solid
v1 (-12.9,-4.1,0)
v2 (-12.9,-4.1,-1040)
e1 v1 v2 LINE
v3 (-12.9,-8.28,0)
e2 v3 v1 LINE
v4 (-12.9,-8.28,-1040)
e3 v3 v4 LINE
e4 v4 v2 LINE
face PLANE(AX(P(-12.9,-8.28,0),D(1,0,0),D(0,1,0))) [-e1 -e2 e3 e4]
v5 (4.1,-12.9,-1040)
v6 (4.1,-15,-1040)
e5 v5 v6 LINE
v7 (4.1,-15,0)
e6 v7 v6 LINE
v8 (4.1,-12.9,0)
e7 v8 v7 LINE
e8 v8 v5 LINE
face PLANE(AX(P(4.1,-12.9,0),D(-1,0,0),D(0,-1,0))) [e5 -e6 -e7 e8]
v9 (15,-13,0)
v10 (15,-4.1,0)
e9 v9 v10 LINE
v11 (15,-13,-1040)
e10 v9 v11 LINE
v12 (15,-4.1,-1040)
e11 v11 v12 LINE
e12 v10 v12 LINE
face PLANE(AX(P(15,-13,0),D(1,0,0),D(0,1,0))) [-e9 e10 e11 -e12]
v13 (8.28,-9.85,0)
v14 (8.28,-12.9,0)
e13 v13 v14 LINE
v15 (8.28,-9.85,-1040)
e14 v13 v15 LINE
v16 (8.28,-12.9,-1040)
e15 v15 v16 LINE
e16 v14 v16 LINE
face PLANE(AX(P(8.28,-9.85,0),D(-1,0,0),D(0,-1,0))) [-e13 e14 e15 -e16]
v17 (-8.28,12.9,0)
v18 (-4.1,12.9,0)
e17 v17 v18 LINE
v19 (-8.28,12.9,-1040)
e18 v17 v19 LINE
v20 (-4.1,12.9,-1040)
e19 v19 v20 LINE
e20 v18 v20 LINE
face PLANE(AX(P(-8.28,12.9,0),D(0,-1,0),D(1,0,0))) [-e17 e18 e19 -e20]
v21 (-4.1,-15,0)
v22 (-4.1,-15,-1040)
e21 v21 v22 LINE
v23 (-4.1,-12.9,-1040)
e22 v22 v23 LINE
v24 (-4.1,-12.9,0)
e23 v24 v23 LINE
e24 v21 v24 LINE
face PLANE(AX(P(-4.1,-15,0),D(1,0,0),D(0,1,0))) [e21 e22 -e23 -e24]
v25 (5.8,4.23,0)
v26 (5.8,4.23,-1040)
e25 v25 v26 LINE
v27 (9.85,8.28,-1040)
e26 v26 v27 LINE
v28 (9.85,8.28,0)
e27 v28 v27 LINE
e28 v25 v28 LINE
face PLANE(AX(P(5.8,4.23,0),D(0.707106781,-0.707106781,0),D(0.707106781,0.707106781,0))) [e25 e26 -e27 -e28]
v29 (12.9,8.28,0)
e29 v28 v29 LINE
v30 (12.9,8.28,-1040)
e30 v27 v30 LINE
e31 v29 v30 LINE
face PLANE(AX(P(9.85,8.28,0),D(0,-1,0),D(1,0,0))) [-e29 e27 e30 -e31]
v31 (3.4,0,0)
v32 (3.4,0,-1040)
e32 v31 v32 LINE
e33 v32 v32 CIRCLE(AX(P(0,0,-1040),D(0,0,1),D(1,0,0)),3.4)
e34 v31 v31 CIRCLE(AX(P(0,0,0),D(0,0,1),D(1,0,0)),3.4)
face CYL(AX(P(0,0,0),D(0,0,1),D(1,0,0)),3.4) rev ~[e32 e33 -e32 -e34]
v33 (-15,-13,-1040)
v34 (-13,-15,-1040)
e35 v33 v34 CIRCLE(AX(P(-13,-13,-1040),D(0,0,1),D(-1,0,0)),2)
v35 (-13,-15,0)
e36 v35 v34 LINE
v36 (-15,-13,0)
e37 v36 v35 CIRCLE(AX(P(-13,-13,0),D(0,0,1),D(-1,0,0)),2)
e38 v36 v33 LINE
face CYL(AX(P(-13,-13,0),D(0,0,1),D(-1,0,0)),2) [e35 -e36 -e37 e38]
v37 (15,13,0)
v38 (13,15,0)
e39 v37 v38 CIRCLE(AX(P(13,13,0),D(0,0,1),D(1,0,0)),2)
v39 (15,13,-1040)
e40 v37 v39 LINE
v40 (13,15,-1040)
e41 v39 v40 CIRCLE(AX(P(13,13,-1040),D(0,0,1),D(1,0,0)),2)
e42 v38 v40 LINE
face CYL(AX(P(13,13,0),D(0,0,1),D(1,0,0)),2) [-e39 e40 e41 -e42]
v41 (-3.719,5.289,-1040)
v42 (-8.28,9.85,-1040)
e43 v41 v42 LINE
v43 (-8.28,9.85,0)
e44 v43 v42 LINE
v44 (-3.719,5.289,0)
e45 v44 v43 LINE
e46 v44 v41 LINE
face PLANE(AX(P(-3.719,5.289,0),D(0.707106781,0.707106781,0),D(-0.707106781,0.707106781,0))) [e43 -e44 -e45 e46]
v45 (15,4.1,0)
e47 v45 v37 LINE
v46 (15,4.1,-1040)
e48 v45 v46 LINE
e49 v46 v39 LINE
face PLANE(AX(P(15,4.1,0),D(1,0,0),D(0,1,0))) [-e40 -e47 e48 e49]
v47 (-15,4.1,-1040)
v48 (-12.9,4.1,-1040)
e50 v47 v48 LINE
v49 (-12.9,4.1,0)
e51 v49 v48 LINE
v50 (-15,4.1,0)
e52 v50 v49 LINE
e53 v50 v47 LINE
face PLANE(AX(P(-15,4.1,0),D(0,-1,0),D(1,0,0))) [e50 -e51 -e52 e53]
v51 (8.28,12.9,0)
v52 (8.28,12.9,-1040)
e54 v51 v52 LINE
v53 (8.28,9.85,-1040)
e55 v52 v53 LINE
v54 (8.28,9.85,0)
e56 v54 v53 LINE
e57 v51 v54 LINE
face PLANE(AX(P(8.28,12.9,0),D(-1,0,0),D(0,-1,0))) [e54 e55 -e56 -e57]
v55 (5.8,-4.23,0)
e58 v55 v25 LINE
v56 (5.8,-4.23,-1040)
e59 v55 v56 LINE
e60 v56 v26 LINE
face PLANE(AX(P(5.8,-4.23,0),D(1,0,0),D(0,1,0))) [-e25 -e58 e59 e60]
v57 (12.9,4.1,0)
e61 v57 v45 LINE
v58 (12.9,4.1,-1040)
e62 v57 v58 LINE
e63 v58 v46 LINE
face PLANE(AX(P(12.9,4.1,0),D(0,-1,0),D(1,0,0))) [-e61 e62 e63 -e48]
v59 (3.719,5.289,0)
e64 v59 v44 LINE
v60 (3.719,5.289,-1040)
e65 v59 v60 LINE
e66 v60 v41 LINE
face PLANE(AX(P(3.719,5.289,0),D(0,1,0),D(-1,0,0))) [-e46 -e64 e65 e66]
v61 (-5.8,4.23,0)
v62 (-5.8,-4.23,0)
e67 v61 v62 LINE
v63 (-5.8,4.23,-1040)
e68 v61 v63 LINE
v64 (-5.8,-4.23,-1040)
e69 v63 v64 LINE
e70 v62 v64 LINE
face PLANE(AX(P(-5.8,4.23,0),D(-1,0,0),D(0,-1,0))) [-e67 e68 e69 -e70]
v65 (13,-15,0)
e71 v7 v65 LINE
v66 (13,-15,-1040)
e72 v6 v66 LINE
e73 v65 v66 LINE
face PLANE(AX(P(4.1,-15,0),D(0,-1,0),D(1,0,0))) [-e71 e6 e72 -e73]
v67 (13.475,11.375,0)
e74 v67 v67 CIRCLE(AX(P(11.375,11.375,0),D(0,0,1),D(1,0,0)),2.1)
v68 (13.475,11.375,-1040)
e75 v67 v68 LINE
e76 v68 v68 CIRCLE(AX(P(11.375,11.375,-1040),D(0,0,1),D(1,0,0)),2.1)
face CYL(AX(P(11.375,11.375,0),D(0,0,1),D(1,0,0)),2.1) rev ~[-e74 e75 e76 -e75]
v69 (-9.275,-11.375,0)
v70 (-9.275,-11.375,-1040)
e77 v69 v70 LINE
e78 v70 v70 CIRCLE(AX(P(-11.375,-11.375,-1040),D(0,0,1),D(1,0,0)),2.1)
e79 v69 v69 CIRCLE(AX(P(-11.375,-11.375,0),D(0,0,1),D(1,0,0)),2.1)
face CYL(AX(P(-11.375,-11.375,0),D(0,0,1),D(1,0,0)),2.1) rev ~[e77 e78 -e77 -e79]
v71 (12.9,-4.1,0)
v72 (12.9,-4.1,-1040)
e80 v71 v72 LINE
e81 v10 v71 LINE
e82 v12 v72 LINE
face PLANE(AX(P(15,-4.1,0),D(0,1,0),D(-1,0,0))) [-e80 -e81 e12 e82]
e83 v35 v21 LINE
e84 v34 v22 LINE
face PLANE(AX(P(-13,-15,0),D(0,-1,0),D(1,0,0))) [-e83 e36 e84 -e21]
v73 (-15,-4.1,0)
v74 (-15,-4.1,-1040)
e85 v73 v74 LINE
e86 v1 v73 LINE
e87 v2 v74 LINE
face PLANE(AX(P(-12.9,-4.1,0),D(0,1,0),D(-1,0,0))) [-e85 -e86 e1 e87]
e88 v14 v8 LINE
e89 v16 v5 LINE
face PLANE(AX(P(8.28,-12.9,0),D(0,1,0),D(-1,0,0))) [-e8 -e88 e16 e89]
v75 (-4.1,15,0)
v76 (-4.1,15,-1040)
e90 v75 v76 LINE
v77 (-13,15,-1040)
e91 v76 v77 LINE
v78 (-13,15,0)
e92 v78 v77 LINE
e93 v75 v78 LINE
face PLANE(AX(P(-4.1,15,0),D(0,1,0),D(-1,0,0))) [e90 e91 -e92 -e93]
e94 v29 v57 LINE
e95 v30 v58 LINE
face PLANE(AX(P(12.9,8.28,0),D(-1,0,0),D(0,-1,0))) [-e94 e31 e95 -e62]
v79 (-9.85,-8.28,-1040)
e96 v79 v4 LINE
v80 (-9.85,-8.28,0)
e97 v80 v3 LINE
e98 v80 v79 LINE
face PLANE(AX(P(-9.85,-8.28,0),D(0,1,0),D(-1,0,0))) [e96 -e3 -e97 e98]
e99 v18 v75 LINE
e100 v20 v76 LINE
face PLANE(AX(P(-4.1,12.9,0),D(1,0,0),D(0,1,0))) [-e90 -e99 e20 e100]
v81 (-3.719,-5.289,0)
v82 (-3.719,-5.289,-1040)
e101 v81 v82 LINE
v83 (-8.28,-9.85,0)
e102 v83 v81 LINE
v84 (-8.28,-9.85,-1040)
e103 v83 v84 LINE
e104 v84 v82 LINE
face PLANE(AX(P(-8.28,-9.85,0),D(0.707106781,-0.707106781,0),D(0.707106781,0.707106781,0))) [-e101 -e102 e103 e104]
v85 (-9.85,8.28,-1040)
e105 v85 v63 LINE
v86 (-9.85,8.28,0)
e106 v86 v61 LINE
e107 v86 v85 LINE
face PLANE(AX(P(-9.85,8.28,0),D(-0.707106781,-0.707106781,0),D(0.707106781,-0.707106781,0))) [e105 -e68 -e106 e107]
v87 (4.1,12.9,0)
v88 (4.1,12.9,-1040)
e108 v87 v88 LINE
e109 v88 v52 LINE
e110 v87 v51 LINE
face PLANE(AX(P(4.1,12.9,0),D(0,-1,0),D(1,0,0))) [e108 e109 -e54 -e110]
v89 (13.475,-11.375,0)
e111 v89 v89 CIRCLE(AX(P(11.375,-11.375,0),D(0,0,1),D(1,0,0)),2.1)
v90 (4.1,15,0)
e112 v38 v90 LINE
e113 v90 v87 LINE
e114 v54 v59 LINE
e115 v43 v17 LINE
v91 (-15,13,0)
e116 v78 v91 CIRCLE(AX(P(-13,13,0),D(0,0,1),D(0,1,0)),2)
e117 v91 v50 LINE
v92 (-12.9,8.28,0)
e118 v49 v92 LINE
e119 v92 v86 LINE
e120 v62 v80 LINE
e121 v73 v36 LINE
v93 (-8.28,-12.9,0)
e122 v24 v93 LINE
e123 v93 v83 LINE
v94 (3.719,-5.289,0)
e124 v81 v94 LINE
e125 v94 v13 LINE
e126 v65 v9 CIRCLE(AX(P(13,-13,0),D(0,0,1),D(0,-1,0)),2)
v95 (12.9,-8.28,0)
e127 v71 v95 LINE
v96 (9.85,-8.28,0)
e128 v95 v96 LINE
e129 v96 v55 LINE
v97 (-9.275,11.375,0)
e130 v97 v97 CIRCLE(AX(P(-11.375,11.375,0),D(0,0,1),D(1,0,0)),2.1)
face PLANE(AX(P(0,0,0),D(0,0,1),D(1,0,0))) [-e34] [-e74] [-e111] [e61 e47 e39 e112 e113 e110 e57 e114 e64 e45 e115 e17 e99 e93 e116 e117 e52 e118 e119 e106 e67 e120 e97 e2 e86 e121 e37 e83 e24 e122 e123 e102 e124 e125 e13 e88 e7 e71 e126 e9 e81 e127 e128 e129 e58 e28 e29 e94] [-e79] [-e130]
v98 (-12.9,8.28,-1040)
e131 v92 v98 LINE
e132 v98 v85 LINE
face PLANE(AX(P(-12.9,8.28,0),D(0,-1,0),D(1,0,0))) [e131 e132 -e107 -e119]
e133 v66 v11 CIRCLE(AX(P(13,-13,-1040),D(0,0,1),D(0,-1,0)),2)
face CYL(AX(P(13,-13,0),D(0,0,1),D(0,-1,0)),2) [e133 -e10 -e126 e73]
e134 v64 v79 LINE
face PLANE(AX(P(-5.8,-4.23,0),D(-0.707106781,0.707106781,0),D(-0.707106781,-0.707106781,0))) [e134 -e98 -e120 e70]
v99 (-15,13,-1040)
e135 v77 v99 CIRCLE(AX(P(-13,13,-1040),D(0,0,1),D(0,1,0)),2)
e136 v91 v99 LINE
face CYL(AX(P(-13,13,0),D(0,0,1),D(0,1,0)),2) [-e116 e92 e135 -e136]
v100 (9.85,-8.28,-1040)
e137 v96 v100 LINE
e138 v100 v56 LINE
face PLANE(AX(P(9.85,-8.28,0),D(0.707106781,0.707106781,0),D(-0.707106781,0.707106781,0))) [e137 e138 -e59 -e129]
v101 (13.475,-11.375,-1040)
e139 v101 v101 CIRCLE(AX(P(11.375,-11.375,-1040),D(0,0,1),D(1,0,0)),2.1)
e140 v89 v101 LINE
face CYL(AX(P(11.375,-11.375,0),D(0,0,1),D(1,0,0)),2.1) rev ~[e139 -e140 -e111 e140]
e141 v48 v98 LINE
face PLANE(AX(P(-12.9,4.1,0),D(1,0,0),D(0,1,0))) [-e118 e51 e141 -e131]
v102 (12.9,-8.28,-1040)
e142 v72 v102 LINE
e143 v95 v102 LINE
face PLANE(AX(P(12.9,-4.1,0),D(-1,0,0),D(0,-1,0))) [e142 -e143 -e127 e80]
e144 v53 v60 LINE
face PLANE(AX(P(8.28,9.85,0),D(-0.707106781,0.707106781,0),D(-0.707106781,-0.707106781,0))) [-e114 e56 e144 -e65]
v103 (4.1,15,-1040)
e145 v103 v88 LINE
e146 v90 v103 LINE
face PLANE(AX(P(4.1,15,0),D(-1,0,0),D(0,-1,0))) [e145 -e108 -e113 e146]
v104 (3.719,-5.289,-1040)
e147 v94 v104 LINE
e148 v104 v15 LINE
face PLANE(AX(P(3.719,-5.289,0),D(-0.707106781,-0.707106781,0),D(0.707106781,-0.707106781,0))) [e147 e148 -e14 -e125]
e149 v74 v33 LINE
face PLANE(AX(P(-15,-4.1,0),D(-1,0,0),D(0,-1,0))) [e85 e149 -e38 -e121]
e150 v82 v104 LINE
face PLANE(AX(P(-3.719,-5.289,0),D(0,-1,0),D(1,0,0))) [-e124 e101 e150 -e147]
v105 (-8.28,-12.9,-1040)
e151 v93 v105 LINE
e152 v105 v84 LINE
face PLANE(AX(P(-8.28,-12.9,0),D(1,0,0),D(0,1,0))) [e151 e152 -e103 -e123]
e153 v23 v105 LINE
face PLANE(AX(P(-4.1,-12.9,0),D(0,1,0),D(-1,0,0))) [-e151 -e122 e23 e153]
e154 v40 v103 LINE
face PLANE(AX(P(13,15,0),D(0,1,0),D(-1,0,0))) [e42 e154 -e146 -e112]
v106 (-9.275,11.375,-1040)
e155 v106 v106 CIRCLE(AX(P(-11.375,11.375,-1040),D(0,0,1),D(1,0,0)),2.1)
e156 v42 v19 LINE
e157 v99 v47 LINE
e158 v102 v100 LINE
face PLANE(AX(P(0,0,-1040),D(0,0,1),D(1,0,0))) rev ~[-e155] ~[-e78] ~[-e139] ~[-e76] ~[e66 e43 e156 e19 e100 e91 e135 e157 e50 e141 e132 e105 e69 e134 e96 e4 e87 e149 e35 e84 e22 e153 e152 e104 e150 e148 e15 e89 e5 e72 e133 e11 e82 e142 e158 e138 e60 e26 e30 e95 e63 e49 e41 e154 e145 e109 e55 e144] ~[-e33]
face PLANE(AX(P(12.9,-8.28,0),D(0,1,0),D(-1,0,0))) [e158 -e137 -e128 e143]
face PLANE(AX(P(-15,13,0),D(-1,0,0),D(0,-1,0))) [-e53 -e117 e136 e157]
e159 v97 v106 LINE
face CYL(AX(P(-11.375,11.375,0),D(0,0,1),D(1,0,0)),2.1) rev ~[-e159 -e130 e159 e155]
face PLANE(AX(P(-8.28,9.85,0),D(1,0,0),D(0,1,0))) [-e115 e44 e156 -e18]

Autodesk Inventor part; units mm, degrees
ref_plane "YZ Plane" through (0, 0, 0) normal (1, 0, 0) x (0, 1, 0)
ref_plane "XZ Plane" through (0, 0, 0) normal (0, 1, 0) x (-1, 0, 0)
ref_plane "XY Plane" through (0, 0, 0) normal (0, 0, 1) x (1, 0, 0)
sketch "Sketch1" plane through (0, 0, 0) normal (0, 0, 1) x (1, 0, 0)
  circle A0 centre (-11.375, 11.375) radius 2.1
  circle A1 centre (-11.375, -11.375) radius 2.1
  line L0 (-15, 4.1) -> (-12.9, 4.1)
  line L1 (-12.9, 4.1) -> (-12.9, 8.28)
  line L2 (-12.9, 8.28) -> (-9.85, 8.28)
  line L3 (-9.85, 8.28) -> (-5.8, 4.23)
  line L4 (-5.8, 4.23) -> (-5.8, -4.23)
  line L5 (-5.8, -4.23) -> (-9.85, -8.28)
  line L6 (-9.85, -8.28) -> (-12.9, -8.28)
  line L7 (-12.9, -8.28) -> (-12.9, -4.1)
  line L8 (-12.9, -4.1) -> (-15, -4.1)
  line L9 (-15, -4.1) -> (-15, -13)
  arc A2 (-15, -13) -> (-13, -15) centre (-13, -13) ccw
  line L10 (-13, -15) -> (-4.1, -15)
  line L11 (-4.1, -15) -> (-4.1, -12.9)
  line L12 (-4.1, -12.9) -> (-8.28, -12.9)
  line L13 (-8.28, -12.9) -> (-8.28, -9.85)
  line L14 (-8.28, -9.85) -> (-3.719, -5.289)
  line L15 (-3.719, -5.289) -> (3.719, -5.289)
  line L16 (3.719, -5.289) -> (8.28, -9.85)
  line L17 (8.28, -9.85) -> (8.28, -12.9)
  line L18 (8.28, -12.9) -> (4.1, -12.9)
  line L19 (4.1, -12.9) -> (4.1, -15)
  line L20 (4.1, -15) -> (13, -15)
  arc A3 (13, -15) -> (15, -13) centre (13, -13) ccw
  line L21 (15, -13) -> (15, -4.1)
  line L22 (15, -4.1) -> (12.9, -4.1)
  line L23 (12.9, -4.1) -> (12.9, -8.28)
  line L24 (12.9, -8.28) -> (9.85, -8.28)
  line L25 (9.85, -8.28) -> (5.8, -4.23)
  line L26 (5.8, -4.23) -> (5.8, 4.23)
  line L27 (5.8, 4.23) -> (9.85, 8.28)
  line L28 (9.85, 8.28) -> (12.9, 8.28)
  line L29 (12.9, 8.28) -> (12.9, 4.1)
  line L30 (12.9, 4.1) -> (15, 4.1)
  line L31 (15, 4.1) -> (15, 13)
  arc A4 (15, 13) -> (13, 15) centre (13, 13) ccw
  line L32 (13, 15) -> (4.1, 15)
  line L33 (4.1, 15) -> (4.1, 12.9)
  line L34 (4.1, 12.9) -> (8.28, 12.9)
  line L35 (8.28, 12.9) -> (8.28, 9.85)
  line L36 (8.28, 9.85) -> (3.719, 5.289)
  line L37 (3.719, 5.289) -> (-3.719, 5.289)
  line L38 (-3.719, 5.289) -> (-8.28, 9.85)
  line L39 (-8.28, 9.85) -> (-8.28, 12.9)
  line L40 (-8.28, 12.9) -> (-4.1, 12.9)
  line L41 (-4.1, 12.9) -> (-4.1, 15)
  line L42 (-4.1, 15) -> (-13, 15)
  arc A5 (-13, 15) -> (-15, 13) centre (-13, 13) ccw
  line L43 (-15, 13) -> (-15, 4.1)
  circle A6 centre (0, 0) radius 3.4
  circle A7 centre (11.375, 11.375) radius 2.1
  circle A8 centre (11.375, -11.375) radius 2.1
extrude "Extrusion1" add sketch "Sketch1" against normal blind 1040
properties part number "Metal Profile 5 cm" material "Aluminum 6061-AHC"
